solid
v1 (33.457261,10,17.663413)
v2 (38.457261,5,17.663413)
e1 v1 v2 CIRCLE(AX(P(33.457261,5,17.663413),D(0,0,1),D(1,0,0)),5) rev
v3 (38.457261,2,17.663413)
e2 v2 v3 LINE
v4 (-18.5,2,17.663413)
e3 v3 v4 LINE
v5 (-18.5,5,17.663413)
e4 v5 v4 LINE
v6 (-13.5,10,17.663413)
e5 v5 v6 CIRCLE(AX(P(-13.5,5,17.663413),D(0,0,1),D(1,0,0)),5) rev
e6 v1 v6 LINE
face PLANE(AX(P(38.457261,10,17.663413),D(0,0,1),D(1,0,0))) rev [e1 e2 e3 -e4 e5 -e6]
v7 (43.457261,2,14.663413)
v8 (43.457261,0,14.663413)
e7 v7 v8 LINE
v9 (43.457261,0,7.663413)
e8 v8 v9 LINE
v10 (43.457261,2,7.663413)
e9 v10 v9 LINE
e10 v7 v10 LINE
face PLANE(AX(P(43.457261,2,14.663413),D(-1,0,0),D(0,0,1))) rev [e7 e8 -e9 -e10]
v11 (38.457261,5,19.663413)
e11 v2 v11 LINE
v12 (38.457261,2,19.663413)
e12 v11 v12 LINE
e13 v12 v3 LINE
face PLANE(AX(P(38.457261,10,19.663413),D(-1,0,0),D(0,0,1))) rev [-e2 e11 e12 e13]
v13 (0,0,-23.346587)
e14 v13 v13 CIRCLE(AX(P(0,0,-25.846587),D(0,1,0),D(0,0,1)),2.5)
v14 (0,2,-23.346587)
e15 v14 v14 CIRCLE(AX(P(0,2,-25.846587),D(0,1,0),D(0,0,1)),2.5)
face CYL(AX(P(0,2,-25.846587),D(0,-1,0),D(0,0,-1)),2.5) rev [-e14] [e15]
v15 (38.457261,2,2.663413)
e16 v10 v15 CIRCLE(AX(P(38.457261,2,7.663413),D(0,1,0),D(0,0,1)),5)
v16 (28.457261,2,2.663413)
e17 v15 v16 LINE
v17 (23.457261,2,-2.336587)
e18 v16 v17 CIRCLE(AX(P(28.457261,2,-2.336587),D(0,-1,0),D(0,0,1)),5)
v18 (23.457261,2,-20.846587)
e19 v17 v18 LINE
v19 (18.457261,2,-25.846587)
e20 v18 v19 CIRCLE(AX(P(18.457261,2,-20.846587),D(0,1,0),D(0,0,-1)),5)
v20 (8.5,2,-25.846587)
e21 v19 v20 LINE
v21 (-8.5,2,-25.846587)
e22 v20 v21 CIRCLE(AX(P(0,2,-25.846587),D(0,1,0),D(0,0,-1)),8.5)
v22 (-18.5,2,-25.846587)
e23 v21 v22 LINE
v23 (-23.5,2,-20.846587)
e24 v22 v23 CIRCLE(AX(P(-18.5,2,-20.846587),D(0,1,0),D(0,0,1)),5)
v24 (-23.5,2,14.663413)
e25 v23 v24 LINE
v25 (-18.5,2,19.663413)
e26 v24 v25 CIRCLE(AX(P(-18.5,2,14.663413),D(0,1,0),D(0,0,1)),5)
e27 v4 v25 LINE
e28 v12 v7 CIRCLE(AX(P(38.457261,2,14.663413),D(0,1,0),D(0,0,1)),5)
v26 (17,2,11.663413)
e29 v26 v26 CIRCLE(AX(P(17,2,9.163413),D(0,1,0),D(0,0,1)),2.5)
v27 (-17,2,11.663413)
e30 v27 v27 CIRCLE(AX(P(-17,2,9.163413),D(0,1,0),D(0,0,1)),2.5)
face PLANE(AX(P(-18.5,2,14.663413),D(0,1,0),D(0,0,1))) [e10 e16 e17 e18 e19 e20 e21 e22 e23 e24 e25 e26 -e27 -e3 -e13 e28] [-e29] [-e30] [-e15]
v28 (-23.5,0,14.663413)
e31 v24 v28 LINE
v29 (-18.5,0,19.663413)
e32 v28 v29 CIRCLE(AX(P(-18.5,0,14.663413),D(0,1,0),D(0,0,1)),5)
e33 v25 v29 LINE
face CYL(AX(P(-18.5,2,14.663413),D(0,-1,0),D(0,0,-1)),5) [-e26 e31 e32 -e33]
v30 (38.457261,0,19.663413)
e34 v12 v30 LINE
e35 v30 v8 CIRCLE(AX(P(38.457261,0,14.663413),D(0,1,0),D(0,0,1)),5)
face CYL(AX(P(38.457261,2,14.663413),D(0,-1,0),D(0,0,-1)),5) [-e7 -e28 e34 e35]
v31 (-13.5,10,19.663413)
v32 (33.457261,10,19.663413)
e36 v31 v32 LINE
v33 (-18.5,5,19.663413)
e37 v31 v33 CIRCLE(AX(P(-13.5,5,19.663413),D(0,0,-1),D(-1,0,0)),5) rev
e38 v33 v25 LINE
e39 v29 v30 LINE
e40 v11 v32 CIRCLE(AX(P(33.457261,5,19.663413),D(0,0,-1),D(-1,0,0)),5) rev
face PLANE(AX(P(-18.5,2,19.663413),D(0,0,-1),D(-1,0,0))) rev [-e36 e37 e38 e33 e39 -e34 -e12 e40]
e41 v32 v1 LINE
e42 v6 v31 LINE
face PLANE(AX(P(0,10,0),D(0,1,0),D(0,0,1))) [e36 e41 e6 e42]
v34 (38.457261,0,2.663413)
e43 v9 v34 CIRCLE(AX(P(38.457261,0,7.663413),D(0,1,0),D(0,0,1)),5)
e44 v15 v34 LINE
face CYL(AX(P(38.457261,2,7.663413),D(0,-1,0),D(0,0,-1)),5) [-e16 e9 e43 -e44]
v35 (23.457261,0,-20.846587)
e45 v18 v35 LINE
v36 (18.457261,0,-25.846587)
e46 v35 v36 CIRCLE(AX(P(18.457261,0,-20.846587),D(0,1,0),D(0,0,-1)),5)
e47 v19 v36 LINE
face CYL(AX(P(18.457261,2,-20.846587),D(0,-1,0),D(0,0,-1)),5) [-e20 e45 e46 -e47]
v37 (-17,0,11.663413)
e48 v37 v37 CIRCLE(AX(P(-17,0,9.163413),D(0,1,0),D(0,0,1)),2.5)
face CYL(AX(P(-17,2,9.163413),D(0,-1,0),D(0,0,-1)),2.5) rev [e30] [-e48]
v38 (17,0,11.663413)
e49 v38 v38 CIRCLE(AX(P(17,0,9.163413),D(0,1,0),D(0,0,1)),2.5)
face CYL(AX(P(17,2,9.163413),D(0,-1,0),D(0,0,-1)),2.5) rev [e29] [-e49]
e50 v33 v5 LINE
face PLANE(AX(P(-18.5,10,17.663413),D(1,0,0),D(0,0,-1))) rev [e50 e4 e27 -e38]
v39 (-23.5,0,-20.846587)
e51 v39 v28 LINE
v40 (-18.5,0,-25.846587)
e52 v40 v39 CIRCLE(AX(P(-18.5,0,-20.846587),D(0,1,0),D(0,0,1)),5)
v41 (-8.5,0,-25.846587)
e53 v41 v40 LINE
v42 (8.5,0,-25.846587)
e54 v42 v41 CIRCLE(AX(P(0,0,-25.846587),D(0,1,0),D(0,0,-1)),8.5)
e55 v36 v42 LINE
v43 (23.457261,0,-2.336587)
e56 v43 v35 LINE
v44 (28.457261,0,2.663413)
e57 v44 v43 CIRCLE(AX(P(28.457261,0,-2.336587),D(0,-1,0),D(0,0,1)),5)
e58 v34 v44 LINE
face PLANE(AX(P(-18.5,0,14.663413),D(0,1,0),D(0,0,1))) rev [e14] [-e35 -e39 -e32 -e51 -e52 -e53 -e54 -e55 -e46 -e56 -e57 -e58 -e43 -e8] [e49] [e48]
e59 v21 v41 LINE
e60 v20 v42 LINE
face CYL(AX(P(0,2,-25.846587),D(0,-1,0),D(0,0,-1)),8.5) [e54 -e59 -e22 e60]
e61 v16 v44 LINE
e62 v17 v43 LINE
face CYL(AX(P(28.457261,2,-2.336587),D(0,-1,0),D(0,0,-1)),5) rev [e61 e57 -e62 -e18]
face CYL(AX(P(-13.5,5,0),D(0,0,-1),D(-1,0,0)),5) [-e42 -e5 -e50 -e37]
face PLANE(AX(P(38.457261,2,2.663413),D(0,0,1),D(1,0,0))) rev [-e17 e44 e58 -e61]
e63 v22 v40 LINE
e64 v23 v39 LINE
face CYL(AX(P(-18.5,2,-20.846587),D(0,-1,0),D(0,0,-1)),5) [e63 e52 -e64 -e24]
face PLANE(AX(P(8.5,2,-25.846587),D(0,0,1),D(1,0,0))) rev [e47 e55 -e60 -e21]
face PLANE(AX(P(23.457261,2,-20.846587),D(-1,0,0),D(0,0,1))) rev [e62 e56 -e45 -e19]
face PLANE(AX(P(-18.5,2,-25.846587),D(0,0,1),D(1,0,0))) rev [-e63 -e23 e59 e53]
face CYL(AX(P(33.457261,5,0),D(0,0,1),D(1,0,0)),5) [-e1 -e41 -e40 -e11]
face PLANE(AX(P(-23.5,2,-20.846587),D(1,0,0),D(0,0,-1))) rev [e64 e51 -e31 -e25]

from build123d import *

# Parameters (mm, degrees)
SKETCH1_R           = 2.5
BOSS_EXTRUDE1_DEPTH = 2
SKETCH2_W           = 56.957260919
SKETCH2_H           = 2
BOSS_EXTRUDE2_DEPTH = 8
FILLET1_R           = 5


with BuildPart() as part:
    # Sketch1 → Boss-Extrude1 (new body)
    with BuildSketch(Plane(origin=(0, 0, 0), x_dir=(1, 0, 0), z_dir=(0, 1, 0))):
        with BuildLine():
            Line((-18.5, 25.846586538), (-8.5, 25.846586538))
            ThreePointArc((-8.5, 25.846586538), (0, 34.346586538), (8.5, 25.846586538))
            Line((8.5, 25.846586538), (18.457260919, 25.846586538))
            ThreePointArc((18.457260919, 25.846586538), (21.992794825, 24.382120444), (23.457260919, 20.846586538))
            Line((23.457260919, 20.846586538), (23.457260919, 2.336586538))
            ThreePointArc((23.457260919, 2.336586538), (24.921727013, -1.198947367), (28.457260919, -2.663413462))
            Line((28.457260919, -2.663413462), (38.457260919, -2.663413462))
            ThreePointArc((38.457260919, -2.663413462), (41.992794825, -4.127879556), (43.457260919, -7.663413462))
            Line((43.457260919, -7.663413462), (43.457260919, -14.663413462))
            ThreePointArc((43.457260919, -14.663413462), (41.992794825, -18.198947367), (38.457260919, -19.663413462))
            Line((38.457260919, -19.663413462), (23.457260919, -19.663413462))
            Line((23.457260919, -19.663413462), (0, -19.663413462))
            Line((0, -19.663413462), (-18.5, -19.663413462))
            ThreePointArc((-18.5, -19.663413462), (-22.035533906, -18.198947367), (-23.5, -14.663413462))
            Line((-23.5, -14.663413462), (-23.5, 20.846586538))
            ThreePointArc((-23.5, 20.846586538), (-22.035533906, 24.382120444), (-18.5, 25.846586538))
        make_face()
        with Locations((-17, -9.163413462)):
            Circle(SKETCH1_R, mode=Mode.SUBTRACT)
        with Locations((17, -9.163413462)):
            Circle(SKETCH1_R, mode=Mode.SUBTRACT)
        with Locations((0, 25.846586538)):
            Circle(SKETCH1_R, mode=Mode.SUBTRACT)
    extrude(amount=BOSS_EXTRUDE1_DEPTH)

    # Sketch2 → Boss-Extrude2 (add)
    with BuildSketch(Plane(origin=(0, 2, 0), x_dir=(1, 0, 0), z_dir=(0, 1, 0))):
        with Locations((9.978630459, -18.663413462)):
            Rectangle(SKETCH2_W, SKETCH2_H)
    extrude(amount=BOSS_EXTRUDE2_DEPTH)

    # Fillet1
    fillet1_edges = [part.edges().sort_by_distance(p)[0] for p in [
        (-18.5, 10, 18.663413462),
        (38.457260919, 10, 18.663413462),
    ]]
    fillet(fillet1_edges, radius=FILLET1_R)


solid = part.part
